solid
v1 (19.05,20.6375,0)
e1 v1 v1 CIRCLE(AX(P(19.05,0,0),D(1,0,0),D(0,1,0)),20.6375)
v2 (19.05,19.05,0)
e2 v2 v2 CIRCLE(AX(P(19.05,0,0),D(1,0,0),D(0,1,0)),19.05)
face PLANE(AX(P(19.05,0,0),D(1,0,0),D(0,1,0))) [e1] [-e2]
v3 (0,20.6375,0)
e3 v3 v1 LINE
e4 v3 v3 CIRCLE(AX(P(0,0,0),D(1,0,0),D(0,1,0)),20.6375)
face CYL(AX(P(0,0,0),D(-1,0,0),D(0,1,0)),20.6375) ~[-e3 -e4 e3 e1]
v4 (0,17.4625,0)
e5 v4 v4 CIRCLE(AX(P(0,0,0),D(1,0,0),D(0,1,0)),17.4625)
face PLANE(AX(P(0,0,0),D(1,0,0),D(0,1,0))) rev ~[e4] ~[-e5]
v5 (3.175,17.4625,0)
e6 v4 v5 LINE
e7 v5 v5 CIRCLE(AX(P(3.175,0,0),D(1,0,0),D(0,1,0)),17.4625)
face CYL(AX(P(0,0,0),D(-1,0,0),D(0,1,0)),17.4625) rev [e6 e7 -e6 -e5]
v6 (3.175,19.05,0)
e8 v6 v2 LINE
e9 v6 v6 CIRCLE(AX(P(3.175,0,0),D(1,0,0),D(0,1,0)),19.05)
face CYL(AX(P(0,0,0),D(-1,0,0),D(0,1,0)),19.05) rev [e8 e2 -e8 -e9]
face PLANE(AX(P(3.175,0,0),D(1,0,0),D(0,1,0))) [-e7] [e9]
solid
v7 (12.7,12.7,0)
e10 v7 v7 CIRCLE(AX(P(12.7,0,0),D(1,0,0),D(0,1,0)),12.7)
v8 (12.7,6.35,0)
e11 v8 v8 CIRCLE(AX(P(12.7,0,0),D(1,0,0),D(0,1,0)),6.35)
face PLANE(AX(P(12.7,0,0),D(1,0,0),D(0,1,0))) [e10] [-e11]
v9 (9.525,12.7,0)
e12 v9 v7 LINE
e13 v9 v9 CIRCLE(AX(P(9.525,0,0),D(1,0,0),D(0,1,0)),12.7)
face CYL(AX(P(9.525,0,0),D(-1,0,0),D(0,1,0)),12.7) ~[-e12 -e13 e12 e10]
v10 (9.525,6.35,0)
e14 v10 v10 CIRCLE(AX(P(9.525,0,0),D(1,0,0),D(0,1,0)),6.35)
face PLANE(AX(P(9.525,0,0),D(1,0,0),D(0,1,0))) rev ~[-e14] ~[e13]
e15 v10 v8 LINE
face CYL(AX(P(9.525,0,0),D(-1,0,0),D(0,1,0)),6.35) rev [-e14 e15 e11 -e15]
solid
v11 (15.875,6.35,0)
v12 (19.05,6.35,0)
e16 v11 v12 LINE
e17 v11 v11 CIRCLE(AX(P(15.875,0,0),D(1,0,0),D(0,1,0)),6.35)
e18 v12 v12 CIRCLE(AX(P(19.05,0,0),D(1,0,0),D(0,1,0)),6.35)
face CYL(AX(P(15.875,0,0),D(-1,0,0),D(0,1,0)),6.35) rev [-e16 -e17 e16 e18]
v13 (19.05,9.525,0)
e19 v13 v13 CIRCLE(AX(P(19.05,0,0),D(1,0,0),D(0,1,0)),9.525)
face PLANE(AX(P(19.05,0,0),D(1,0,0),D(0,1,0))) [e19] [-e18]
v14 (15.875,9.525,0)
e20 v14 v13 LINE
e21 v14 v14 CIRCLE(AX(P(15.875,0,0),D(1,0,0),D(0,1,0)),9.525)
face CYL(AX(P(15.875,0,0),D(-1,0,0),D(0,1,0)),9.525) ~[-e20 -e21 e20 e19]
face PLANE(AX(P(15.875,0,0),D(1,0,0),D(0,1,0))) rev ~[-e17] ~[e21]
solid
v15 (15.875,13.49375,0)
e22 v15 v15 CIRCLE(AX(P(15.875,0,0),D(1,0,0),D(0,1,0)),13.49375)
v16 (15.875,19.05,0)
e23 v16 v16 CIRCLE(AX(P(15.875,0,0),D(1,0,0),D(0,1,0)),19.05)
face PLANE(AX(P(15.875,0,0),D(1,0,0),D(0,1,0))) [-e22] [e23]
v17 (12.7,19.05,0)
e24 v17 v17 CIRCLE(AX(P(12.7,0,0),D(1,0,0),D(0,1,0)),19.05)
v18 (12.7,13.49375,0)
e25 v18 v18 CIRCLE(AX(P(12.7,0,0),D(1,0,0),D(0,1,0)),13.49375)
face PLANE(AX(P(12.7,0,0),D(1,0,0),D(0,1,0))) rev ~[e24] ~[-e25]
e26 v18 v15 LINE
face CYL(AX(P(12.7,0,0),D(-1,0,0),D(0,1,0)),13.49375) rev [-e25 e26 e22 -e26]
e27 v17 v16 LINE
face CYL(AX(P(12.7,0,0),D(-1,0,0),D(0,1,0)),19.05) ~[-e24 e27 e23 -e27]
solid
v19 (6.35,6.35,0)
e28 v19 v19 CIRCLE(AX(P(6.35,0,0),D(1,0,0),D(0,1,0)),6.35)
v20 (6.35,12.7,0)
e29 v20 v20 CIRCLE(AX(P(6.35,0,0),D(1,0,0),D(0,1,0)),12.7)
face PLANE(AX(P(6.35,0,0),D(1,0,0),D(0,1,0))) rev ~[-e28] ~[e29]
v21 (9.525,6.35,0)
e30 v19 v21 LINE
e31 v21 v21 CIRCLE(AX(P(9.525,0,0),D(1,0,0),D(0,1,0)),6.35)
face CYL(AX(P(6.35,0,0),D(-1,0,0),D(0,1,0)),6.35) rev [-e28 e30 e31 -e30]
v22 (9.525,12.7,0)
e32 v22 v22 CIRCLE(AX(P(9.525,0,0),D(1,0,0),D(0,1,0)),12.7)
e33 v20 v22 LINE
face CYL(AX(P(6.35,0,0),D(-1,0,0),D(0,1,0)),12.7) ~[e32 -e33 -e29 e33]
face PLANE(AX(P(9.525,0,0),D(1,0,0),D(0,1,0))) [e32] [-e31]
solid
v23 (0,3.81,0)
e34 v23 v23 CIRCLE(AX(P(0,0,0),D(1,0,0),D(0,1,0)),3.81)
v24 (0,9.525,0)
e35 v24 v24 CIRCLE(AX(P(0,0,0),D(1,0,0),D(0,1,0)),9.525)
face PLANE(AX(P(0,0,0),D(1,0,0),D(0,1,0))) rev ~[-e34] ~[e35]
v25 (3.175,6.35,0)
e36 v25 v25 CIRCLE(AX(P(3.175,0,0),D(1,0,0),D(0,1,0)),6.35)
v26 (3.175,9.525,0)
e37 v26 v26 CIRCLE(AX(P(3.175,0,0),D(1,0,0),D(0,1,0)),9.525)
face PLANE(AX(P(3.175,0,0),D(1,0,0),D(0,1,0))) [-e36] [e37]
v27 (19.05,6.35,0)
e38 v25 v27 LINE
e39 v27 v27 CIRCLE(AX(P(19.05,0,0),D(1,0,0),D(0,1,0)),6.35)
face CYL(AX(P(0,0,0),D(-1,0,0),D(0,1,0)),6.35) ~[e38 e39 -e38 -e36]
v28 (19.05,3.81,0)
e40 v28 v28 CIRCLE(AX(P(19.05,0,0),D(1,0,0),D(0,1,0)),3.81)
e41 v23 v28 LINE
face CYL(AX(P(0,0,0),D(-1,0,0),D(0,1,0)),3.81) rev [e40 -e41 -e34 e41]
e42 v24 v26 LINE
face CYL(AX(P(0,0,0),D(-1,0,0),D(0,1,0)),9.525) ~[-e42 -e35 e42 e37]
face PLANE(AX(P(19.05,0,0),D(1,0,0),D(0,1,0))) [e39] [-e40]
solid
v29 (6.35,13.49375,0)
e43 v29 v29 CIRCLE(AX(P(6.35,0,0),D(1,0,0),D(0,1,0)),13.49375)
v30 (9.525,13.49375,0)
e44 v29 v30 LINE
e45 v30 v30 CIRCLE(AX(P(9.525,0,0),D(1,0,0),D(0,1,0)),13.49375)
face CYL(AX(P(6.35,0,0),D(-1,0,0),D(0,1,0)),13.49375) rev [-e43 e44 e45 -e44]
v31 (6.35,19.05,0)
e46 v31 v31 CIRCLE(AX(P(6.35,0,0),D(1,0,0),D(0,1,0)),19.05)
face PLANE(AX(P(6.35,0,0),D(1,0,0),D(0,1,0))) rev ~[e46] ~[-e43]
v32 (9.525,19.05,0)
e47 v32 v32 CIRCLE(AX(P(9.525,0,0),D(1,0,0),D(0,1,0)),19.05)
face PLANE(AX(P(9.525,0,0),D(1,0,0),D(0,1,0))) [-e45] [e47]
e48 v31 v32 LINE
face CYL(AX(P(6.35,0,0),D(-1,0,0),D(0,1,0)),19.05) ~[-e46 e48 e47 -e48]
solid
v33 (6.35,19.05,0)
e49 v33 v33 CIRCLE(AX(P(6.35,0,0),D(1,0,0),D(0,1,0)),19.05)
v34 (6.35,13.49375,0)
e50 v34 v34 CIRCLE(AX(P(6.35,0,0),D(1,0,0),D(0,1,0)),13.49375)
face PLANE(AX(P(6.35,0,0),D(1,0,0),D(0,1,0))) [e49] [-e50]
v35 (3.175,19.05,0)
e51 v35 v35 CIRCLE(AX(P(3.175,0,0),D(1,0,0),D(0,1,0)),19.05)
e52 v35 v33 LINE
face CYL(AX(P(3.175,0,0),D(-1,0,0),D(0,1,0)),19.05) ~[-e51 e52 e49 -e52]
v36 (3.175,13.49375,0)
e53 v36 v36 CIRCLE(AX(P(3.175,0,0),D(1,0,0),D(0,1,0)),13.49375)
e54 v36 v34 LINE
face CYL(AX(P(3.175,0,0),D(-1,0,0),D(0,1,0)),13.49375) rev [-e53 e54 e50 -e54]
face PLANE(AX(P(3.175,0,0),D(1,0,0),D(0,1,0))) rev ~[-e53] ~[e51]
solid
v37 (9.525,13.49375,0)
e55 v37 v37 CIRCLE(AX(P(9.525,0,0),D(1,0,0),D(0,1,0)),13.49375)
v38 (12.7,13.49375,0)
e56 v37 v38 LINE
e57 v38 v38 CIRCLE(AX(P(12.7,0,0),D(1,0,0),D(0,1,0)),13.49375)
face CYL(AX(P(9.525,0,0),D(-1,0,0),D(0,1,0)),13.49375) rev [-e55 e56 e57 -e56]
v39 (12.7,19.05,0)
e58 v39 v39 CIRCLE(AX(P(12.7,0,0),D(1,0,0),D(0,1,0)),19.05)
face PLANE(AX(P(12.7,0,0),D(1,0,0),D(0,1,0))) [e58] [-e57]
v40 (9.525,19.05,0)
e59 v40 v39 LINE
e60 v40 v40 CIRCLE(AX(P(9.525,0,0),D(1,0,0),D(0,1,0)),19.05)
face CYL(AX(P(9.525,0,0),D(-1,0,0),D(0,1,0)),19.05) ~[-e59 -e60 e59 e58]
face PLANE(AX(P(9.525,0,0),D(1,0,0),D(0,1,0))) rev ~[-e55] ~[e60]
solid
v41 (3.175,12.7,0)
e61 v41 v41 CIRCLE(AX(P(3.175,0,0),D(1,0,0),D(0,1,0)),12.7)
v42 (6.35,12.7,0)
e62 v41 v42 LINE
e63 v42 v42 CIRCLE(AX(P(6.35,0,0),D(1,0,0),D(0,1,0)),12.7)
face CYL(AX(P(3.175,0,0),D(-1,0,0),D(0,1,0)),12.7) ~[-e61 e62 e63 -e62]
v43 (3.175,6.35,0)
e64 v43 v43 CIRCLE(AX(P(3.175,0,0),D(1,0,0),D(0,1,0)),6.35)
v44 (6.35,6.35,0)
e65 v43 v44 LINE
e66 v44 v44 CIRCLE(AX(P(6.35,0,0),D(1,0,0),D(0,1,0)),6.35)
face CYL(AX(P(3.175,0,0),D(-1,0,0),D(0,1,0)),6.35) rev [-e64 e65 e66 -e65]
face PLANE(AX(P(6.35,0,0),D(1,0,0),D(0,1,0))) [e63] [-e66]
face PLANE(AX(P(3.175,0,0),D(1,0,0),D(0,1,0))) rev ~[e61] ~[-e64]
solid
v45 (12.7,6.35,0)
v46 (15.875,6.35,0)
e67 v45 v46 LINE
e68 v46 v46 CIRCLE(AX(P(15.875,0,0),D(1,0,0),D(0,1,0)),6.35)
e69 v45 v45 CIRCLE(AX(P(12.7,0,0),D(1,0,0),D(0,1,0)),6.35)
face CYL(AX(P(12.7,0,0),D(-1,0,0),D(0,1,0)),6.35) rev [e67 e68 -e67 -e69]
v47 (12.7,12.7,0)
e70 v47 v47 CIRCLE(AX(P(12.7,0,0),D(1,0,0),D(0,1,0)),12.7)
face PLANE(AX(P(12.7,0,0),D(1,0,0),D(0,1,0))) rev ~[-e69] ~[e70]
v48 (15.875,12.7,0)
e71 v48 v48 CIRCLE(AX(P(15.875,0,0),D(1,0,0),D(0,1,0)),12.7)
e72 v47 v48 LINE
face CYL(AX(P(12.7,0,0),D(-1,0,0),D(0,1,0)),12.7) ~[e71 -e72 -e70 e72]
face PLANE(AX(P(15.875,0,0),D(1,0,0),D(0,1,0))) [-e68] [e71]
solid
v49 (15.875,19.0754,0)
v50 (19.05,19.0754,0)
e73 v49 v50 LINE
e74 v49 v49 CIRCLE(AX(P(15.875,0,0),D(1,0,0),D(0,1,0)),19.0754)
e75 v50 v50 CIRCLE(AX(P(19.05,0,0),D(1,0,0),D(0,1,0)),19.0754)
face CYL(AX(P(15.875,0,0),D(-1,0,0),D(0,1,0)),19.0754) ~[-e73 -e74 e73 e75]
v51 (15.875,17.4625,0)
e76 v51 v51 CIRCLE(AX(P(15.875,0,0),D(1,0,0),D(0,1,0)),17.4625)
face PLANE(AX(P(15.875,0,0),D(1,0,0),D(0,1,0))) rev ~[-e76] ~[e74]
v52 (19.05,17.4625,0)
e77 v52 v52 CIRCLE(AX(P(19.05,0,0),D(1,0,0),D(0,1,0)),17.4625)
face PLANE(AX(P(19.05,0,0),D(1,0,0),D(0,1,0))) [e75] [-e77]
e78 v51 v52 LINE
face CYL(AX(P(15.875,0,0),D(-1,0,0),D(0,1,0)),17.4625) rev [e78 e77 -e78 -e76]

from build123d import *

# Parameters (mm, degrees)
F0_R      = 20.6375
F0_R_2    = 19.05
F1_DEPTH  = 19.05
F2_R      = 19.05
F2_R_2    = 17.4625
F3_DEPTH  = 3.175
F4_R      = 19.05
F4_R_2    = 13.49375
F5_DEPTH  = 3.175
F6_R      = 19.05
F6_R_2    = 13.49375
F7_DEPTH  = 3.175
F8_R      = 19.05
F8_R_2    = 13.49375
F9_DEPTH  = 3.175
F10_R     = 19.05
F10_R_2   = 13.49375
F11_DEPTH = 3.175
F12_R     = 19.0754
F12_R_2   = 17.4625
F13_DEPTH = 3.175
F14_R     = 9.525
F14_R_2   = 6.35
F15_DEPTH = 3.175
F14_R_3   = 3.81
F16_DEPTH = 19.05
F17_R     = 12.7
F17_R_2   = 6.35
F18_DEPTH = 3.175
F19_R     = 12.7
F19_R_2   = 6.35
F20_DEPTH = 3.175
F21_R     = 12.7
F21_R_2   = 6.35
F22_DEPTH = 3.175
F23_R     = 12.7
F23_R_2   = 6.35
F24_DEPTH = 3.175
F25_R     = 9.525
F25_R_2   = 6.35
F26_DEPTH = 3.175


with BuildPart() as f1:
    # F0 (on Right) → F1 (new body)
    with BuildSketch(Plane.YZ):
        Circle(F0_R)
        Circle(F0_R_2, mode=Mode.SUBTRACT)
    extrude(amount=F1_DEPTH)

    # F2 (on Right) → F3 (join)
    with BuildSketch(Plane.YZ):
        Circle(F2_R)
        Circle(F2_R_2, mode=Mode.SUBTRACT)
    extrude(amount=F3_DEPTH)


with BuildPart() as f5:
    # F4 (on face) → F5 (new body)
    with BuildSketch(Plane.YZ.offset(3.175)):
        Circle(F4_R)
        Circle(F4_R_2, mode=Mode.SUBTRACT)
    extrude(amount=F5_DEPTH)


with BuildPart() as f7:
    # F6 (on face) → F7 (new body)
    with BuildSketch(Plane.YZ.offset(9.525)):
        Circle(F6_R)
        Circle(F6_R_2, mode=Mode.SUBTRACT)
    extrude(amount=F7_DEPTH)


with BuildPart() as f9:
    # F8 (on face) → F9 (new body)
    with BuildSketch(Plane.YZ.offset(6.35)):
        Circle(F8_R)
        Circle(F8_R_2, mode=Mode.SUBTRACT)
    extrude(amount=F9_DEPTH)


with BuildPart() as f11:
    # F10 (on face) → F11 (new body)
    with BuildSketch(Plane.YZ.offset(12.7)):
        Circle(F10_R)
        Circle(F10_R_2, mode=Mode.SUBTRACT)
    extrude(amount=F11_DEPTH)


with BuildPart() as f13:
    # F12 (on face) → F13 (new body)
    with BuildSketch(Plane.YZ.offset(15.875)):
        Circle(F12_R)
        Circle(F12_R_2, mode=Mode.SUBTRACT)
    extrude(amount=F13_DEPTH)


with BuildPart() as f15:
    # F14 (on Right) → F15 (new body)
    with BuildSketch(Plane.YZ):
        Circle(F14_R)
        Circle(F14_R_2, mode=Mode.SUBTRACT)
    extrude(amount=F15_DEPTH)

    # F14 (on Right) → F16 (join, through all)
    with BuildSketch(Plane.YZ):
        Circle(F14_R_2)
        Circle(F14_R_3, mode=Mode.SUBTRACT)
    extrude(amount=F16_DEPTH)


with BuildPart() as f18:
    # F17 (on face) → F18 (new body)
    with BuildSketch(Plane.YZ.offset(6.35)):
        Circle(F17_R)
        Circle(F17_R_2, mode=Mode.SUBTRACT)
    extrude(amount=F18_DEPTH)


with BuildPart() as f20:
    # F19 (on face) → F20 (new body)
    with BuildSketch(Plane.YZ.offset(9.525)):
        Circle(F19_R)
        Circle(F19_R_2, mode=Mode.SUBTRACT)
    extrude(amount=F20_DEPTH)


with BuildPart() as f22:
    # F21 (on face) → F22 (new body)
    with BuildSketch(Plane.YZ.offset(12.7)):
        Circle(F21_R)
        Circle(F21_R_2, mode=Mode.SUBTRACT)
    extrude(amount=F22_DEPTH)


with BuildPart() as f24:
    # F23 (on face) → F24 (new body)
    with BuildSketch(Plane.YZ.offset(3.175)):
        Circle(F23_R)
        Circle(F23_R_2, mode=Mode.SUBTRACT)
    extrude(amount=F24_DEPTH)


with BuildPart() as f26:
    # F25 (on face) → F26 (new body)
    with BuildSketch(Plane.YZ.offset(15.875)):
        Circle(F25_R)
        Circle(F25_R_2, mode=Mode.SUBTRACT)
    extrude(amount=F26_DEPTH)


solid = Compound([f1.part, f5.part, f7.part, f9.part, f11.part, f13.part, f15.part, f18.part, f20.part, f22.part, f24.part, f26.part])
